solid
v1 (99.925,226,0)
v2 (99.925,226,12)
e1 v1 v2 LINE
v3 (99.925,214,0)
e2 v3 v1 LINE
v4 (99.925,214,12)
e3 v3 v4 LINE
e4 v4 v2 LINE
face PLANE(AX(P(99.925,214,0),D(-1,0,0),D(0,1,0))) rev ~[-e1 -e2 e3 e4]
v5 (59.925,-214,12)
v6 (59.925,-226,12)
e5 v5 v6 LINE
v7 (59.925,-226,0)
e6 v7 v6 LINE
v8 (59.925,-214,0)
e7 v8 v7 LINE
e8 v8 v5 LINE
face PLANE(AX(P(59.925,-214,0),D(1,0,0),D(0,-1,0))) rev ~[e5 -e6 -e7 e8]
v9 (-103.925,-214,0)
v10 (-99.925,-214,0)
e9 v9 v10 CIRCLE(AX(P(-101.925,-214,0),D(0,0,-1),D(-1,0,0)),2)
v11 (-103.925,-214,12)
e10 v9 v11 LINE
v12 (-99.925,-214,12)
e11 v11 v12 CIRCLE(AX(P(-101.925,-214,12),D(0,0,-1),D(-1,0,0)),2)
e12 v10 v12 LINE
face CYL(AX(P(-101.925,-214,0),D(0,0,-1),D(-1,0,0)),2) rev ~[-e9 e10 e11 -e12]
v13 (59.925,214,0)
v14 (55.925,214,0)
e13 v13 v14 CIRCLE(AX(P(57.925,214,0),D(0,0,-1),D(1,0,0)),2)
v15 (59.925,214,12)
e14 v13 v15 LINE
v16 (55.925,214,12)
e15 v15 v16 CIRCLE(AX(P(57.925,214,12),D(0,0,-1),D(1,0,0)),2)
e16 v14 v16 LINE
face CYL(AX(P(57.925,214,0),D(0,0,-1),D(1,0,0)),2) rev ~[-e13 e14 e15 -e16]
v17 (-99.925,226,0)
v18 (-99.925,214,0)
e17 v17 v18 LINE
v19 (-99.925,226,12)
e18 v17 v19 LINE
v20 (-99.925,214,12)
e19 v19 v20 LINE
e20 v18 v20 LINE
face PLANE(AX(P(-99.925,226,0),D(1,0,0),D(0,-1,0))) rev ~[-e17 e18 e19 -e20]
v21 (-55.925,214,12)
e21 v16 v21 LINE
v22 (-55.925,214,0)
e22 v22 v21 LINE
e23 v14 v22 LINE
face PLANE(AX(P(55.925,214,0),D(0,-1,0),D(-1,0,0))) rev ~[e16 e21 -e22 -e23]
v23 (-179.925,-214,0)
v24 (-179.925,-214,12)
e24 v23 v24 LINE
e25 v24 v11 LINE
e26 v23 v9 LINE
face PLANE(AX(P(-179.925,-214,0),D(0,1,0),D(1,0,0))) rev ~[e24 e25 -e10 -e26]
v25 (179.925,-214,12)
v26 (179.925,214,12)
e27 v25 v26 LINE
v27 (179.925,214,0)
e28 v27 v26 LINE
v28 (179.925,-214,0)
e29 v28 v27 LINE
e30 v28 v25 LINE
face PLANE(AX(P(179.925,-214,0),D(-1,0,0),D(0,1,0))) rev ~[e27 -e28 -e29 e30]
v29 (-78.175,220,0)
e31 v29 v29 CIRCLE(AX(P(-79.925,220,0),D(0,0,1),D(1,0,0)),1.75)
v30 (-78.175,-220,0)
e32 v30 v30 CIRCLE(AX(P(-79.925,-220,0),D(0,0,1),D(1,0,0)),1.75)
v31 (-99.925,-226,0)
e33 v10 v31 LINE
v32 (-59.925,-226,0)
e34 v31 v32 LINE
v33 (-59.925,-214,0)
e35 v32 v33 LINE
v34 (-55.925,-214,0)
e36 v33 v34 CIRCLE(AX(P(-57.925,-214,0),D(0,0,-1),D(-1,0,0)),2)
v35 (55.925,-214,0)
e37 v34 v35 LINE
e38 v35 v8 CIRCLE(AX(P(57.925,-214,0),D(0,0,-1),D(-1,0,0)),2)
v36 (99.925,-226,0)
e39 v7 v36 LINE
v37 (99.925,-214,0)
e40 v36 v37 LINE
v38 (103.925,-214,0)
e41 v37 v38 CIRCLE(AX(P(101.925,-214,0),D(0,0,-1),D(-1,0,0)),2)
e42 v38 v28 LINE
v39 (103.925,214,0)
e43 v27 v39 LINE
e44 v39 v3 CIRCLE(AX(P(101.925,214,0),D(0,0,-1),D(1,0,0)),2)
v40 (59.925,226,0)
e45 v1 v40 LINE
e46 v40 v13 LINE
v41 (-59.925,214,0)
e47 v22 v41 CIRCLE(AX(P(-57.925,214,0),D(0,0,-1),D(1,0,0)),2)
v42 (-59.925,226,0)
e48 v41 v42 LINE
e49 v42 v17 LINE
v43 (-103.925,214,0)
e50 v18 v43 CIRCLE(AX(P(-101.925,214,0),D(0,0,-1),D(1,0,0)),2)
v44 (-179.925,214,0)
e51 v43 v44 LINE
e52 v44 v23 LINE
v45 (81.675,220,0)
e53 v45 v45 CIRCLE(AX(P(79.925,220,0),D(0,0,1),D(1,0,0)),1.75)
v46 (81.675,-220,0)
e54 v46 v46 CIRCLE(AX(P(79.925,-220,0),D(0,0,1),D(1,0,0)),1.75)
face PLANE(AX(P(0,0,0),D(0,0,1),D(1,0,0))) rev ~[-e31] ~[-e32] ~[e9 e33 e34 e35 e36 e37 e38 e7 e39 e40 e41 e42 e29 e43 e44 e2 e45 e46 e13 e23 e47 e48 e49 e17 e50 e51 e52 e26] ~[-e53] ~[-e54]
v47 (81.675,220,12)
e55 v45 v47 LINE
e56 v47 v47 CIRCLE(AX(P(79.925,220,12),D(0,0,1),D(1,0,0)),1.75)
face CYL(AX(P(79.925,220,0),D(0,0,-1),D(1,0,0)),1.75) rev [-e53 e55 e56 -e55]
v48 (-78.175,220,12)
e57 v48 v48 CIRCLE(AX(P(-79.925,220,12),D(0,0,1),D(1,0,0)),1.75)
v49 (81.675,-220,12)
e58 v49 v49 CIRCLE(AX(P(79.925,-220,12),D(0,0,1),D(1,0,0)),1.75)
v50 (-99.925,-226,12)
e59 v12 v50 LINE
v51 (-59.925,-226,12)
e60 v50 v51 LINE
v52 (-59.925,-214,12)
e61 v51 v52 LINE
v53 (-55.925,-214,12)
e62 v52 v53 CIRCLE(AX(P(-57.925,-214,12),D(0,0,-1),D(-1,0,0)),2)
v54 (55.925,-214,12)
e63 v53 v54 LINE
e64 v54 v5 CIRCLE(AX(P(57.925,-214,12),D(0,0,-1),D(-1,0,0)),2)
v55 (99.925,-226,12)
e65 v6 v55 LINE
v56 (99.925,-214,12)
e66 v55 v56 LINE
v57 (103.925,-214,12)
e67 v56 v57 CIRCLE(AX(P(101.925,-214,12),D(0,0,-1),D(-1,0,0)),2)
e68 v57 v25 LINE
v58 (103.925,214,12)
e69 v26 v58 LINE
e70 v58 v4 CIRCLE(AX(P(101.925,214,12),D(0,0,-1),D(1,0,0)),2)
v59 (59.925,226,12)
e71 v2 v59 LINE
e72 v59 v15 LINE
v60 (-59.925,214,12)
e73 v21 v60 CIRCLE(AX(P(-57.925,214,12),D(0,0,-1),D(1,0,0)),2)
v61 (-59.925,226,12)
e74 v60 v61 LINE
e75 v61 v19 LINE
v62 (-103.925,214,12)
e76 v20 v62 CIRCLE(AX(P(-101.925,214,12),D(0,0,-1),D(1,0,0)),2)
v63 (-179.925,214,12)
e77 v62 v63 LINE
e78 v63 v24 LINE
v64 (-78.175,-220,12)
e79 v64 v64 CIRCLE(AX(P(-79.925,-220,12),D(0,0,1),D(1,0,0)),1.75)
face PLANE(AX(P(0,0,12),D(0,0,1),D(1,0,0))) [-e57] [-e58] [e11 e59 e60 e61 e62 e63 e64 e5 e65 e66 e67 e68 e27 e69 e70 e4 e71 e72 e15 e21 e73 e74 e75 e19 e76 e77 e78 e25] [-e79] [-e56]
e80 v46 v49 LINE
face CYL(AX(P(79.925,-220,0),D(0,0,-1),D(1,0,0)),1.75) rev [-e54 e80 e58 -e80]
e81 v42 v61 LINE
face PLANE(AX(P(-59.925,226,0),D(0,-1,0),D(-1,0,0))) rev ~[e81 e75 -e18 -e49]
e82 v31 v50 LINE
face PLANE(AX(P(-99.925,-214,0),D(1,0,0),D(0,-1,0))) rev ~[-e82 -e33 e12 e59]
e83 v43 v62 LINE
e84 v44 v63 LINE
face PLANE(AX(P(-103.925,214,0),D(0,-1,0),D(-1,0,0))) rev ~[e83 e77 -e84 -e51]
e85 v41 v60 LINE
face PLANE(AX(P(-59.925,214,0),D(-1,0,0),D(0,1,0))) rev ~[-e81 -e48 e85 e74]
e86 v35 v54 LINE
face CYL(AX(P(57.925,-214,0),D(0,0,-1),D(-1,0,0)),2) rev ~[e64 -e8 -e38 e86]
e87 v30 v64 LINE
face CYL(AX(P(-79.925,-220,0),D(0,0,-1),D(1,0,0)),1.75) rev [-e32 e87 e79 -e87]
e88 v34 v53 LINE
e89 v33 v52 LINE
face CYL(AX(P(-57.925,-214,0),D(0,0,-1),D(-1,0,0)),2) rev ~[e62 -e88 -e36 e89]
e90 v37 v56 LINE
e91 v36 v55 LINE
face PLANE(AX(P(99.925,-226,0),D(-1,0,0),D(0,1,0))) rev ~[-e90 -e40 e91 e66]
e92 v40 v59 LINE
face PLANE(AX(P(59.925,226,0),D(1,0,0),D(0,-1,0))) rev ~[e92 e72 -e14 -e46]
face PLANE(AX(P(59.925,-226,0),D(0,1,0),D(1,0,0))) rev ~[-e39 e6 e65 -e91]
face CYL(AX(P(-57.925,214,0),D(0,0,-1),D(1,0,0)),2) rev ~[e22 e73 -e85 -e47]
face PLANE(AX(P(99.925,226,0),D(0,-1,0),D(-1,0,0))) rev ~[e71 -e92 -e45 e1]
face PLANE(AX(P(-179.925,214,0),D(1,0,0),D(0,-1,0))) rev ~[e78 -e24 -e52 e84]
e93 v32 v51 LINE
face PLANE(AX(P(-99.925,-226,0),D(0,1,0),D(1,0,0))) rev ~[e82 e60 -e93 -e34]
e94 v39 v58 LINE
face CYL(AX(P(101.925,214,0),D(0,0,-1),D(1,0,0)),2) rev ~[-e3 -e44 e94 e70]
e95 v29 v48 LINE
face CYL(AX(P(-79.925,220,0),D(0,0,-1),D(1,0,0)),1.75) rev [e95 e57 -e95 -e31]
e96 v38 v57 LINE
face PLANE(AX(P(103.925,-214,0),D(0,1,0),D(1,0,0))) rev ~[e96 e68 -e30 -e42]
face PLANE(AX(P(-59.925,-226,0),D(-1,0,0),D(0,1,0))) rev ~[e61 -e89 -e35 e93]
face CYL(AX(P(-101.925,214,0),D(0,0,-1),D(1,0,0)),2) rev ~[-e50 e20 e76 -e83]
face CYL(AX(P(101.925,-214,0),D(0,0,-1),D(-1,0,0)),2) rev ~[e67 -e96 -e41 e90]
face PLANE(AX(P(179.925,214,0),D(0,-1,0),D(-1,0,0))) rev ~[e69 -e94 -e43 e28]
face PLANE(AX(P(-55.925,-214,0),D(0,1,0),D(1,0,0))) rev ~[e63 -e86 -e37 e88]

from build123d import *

# Parameters (mm, degrees)
F0_R     = 1.75
F1_DEPTH = 12


with BuildPart() as f1:
    # F0 (on Top) → F1 (new body)
    with BuildSketch(Plane.XY):
        with BuildLine():
            Line((-179.925, 214), (-179.925, 0))
            Line((-179.925, 0), (-179.925, -214))
            Line((-179.925, -214), (-103.925, -214))
            ThreePointArc((-103.925, -214), (-101.925, -212), (-99.925, -214))
            Line((-99.925, -214), (-99.925, -226))
            Line((-99.925, -226), (-59.925, -226))
            Line((-59.925, -226), (-59.925, -214))
            ThreePointArc((-59.925, -214), (-57.925, -212), (-55.925, -214))
            Line((-55.925, -214), (0, -214))
            Line((0, -214), (55.925, -214))
            ThreePointArc((55.925, -214), (57.925, -212), (59.925, -214))
            Line((59.925, -214), (59.925, -226))
            Line((59.925, -226), (99.925, -226))
            Line((99.925, -226), (99.925, -214))
            ThreePointArc((99.925, -214), (101.925, -212), (103.925, -214))
            Line((103.925, -214), (179.925, -214))
            Line((179.925, -214), (179.925, 0))
            Line((179.925, 0), (179.925, 214))
            Line((179.925, 214), (103.925, 214))
            ThreePointArc((103.925, 214), (101.925, 212), (99.925, 214))
            Line((99.925, 214), (99.925, 226))
            Line((99.925, 226), (59.925, 226))
            Line((59.925, 226), (59.925, 214))
            ThreePointArc((59.925, 214), (57.925, 212), (55.925, 214))
            Line((55.925, 214), (0, 214))
            Line((0, 214), (-55.925, 214))
            ThreePointArc((-55.925, 214), (-57.925, 212), (-59.925, 214))
            Line((-59.925, 214), (-59.925, 226))
            Line((-59.925, 226), (-99.925, 226))
            Line((-99.925, 226), (-99.925, 214))
            ThreePointArc((-99.925, 214), (-101.925, 212), (-103.925, 214))
            Line((-103.925, 214), (-179.925, 214))
        make_face()
        with Locations((-79.925, -220)):
            Circle(F0_R, mode=Mode.SUBTRACT)
        with Locations((79.925, -220)):
            Circle(F0_R, mode=Mode.SUBTRACT)
        with Locations((-79.925, 220)):
            Circle(F0_R, mode=Mode.SUBTRACT)
        with Locations((79.925, 220)):
            Circle(F0_R, mode=Mode.SUBTRACT)
    extrude(amount=F1_DEPTH)


solid = f1.part
